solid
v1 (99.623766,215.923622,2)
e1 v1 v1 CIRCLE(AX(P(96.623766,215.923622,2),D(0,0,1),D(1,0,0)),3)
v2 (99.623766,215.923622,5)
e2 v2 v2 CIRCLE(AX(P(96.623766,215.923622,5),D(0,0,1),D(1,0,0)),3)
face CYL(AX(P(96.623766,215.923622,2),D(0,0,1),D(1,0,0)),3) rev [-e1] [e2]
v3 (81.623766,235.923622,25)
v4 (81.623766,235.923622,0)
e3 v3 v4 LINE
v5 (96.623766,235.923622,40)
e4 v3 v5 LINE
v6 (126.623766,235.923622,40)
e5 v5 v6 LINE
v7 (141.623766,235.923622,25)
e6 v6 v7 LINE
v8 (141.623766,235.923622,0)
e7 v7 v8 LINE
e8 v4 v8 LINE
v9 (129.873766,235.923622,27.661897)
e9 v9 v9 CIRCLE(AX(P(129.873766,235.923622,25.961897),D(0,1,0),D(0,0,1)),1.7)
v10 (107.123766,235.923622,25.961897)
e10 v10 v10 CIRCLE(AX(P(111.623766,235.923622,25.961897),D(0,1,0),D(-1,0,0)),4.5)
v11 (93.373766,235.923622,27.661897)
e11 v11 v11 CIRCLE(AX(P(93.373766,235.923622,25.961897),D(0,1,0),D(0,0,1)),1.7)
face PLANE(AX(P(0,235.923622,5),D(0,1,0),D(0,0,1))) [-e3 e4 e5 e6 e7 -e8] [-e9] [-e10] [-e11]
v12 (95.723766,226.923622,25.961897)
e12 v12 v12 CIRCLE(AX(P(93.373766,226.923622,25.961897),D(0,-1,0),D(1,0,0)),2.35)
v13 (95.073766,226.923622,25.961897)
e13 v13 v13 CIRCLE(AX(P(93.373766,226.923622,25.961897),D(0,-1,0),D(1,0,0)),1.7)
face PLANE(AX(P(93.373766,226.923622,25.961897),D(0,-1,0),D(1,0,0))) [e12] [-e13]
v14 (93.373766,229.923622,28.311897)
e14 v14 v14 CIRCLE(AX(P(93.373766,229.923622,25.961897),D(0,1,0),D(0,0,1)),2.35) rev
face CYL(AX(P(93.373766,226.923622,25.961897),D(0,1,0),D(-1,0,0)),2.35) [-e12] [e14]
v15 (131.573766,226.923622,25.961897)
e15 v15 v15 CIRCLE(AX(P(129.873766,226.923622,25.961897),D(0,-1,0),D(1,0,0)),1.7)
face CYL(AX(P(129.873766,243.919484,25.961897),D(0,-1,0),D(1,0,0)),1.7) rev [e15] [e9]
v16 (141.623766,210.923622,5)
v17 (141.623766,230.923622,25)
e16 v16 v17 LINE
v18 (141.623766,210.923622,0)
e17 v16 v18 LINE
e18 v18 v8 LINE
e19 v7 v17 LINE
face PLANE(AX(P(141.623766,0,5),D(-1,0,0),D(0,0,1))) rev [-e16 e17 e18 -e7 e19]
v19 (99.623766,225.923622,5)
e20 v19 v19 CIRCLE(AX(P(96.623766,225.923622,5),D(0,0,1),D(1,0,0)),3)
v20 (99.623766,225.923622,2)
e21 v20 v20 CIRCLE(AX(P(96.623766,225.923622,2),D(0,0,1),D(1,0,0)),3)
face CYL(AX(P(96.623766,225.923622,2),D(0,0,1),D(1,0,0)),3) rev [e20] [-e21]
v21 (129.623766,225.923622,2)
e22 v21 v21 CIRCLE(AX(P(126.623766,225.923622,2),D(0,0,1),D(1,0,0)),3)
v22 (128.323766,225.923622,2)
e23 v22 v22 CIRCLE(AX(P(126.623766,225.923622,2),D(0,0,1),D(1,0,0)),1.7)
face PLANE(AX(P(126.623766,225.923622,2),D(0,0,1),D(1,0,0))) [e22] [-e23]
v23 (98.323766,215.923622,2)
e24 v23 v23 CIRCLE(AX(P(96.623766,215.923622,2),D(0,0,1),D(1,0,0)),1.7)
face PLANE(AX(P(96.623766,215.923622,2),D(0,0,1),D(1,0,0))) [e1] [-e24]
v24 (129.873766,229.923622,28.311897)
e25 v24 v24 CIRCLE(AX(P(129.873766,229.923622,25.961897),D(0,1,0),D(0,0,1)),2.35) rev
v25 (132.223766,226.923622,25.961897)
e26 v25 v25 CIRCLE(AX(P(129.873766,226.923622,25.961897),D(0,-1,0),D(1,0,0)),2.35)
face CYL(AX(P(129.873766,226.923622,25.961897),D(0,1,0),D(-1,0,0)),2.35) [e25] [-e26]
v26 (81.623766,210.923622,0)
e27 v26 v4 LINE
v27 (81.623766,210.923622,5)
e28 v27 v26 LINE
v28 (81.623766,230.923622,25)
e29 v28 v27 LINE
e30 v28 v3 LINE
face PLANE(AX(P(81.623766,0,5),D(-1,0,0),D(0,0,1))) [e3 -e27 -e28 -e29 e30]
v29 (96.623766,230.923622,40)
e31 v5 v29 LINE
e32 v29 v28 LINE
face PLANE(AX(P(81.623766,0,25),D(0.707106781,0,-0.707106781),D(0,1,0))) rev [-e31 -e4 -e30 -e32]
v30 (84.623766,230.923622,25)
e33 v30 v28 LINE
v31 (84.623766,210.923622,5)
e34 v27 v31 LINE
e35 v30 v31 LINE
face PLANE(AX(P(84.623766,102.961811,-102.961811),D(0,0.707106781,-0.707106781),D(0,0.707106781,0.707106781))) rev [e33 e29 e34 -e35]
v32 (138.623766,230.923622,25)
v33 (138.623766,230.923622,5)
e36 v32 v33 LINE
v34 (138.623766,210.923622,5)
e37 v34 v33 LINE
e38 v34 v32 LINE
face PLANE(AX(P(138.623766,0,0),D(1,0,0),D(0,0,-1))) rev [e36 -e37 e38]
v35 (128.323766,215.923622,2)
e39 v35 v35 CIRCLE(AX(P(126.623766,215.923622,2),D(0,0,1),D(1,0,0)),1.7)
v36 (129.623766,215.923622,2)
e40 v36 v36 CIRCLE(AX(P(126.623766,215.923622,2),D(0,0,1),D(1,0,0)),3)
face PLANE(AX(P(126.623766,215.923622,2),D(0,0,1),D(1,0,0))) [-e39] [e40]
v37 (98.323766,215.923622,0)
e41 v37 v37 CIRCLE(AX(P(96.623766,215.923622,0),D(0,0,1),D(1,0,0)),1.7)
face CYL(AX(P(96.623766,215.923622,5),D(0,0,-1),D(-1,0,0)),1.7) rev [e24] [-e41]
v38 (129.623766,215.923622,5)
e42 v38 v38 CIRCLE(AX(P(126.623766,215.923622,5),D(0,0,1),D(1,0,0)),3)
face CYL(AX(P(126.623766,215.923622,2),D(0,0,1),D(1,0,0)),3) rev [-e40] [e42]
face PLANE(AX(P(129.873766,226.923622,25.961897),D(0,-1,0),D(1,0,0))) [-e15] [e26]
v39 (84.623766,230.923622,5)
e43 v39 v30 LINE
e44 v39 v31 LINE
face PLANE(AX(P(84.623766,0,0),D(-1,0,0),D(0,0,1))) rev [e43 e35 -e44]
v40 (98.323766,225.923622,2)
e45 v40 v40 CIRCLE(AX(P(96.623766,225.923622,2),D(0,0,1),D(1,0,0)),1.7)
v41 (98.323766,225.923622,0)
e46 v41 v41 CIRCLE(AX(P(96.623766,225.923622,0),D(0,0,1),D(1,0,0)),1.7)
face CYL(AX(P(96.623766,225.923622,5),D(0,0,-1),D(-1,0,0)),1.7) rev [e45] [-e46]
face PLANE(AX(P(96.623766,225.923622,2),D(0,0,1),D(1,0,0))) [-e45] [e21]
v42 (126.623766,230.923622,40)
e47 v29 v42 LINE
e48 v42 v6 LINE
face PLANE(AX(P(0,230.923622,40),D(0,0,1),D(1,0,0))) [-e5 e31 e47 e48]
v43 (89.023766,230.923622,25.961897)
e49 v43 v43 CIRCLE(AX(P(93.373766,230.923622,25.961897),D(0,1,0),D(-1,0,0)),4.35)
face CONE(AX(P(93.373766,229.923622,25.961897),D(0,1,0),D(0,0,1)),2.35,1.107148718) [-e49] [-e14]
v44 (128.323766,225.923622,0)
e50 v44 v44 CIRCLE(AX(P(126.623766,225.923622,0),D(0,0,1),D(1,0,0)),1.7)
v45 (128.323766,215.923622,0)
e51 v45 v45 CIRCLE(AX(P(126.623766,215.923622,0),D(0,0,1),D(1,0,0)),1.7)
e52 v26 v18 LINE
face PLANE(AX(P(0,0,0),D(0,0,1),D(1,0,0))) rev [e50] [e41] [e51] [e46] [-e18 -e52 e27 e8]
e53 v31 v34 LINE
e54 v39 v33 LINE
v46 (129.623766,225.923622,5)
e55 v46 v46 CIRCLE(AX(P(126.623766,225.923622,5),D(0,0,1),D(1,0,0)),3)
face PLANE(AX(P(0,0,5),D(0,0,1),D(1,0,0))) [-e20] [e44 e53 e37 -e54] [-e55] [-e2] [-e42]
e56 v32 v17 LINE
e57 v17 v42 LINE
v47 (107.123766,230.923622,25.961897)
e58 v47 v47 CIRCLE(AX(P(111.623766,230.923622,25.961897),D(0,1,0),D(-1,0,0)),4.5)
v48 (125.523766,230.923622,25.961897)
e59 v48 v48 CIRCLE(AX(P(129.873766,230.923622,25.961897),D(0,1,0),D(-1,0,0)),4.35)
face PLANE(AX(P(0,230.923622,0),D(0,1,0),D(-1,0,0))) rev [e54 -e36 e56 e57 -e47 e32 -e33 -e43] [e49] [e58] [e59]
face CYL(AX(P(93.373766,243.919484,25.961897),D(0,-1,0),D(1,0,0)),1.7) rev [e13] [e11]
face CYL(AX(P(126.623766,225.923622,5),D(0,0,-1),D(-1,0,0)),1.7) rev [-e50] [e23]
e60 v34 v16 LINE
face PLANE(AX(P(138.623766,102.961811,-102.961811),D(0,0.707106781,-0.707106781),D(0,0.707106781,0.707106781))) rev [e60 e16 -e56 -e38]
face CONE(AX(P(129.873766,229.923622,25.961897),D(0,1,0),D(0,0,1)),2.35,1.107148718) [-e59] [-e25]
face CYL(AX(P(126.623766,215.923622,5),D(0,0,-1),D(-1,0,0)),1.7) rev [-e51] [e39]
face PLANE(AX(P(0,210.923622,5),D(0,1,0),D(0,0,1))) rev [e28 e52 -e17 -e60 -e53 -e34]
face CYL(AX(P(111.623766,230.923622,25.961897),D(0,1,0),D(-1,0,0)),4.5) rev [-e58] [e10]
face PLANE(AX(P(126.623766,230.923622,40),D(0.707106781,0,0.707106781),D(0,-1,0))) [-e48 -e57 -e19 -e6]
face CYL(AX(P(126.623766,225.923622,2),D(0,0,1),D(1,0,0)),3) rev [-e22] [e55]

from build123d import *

# Parameters (mm, degrees)
SKETCH1_R             = 1.7
BOSS_EXTRUDE1_DEPTH   = 5
SKETCH3_W             = 60
SKETCH3_H             = 35
SKETCH3_R             = 4.5
SKETCH3_R_2           = 2.5
BOSS_EXTRUDE2_DEPTH   = 5
SKETCH4_R             = 3
CUT_EXTRUDE1_DEPTH    = 3
SKETCH11_R            = 2.35
SKETCH11_R_2          = 1.7
BOSS_EXTRUDE3_DEPTH   = 4
BOSS_EXTRUDE3_2_DEPTH = 4
SKETCH12_R            = 2.658625551
SKETCH12_R_2          = 1.7
SKETCH12_R_3          = 2.826964015
BOSS_EXTRUDE4_DEPTH   = 5
CHAMFER1_SIZE         = 15
BOSS_EXTRUDE5_DEPTH   = 3
BOSS_EXTRUDE6_DEPTH   = 3
CHAMFER2_SIZE         = 2
CHAMFER2_SIZE2        = 1


with BuildPart() as part:
    # Sketch1 → Boss-Extrude1 (new body)
    # profile 1 of 4: a face of its own
    with BuildSketch(Plane.XY):
        Polygon((111.623766163, 210.92362241), (111.623766163, 235.92362241), (96.623766163, 235.92362241), (91.623766163, 235.92362241), (91.623766163, 225.92362241), (91.623766163, 215.92362241), (91.623766163, 210.92362241), (96.623766163, 210.92362241), align=None)
        with Locations((96.623766163, 215.92362241)):
            Circle(SKETCH1_R, mode=Mode.SUBTRACT)
        with Locations((96.623766163, 225.92362241)):
            Circle(SKETCH1_R, mode=Mode.SUBTRACT)
    # profile 2 of 4: a face of its own
    with BuildSketch(Plane.XY):
        Polygon((126.623766163, 235.92362241), (111.623766163, 235.92362241), (111.623766163, 210.92362241), (126.623766163, 210.92362241), (131.623766163, 210.92362241), (131.623766163, 215.92362241), (131.623766163, 225.92362241), (131.623766163, 235.92362241), align=None)
        with Locations((126.623766163, 215.92362241)):
            Circle(SKETCH1_R, mode=Mode.SUBTRACT)
        with Locations((126.623766163, 225.92362241)):
            Circle(SKETCH1_R, mode=Mode.SUBTRACT)
    # profile 3 of 4: a face of its own
    with BuildSketch(Plane.XY):
        Polygon((91.623766163, 225.92362241), (91.623766163, 235.92362241), (81.623766163, 235.92362241), (81.623766163, 210.92362241), (91.623766163, 210.92362241), (91.623766163, 215.92362241), align=None)
    # profile 4 of 4: a face of its own
    with BuildSketch(Plane.XY):
        Polygon((141.623766163, 235.92362241), (131.623766163, 235.92362241), (131.623766163, 225.92362241), (131.623766163, 215.92362241), (131.623766163, 210.92362241), (141.623766163, 210.92362241), align=None)
    extrude(amount=BOSS_EXTRUDE1_DEPTH)

    # Sketch3 → Boss-Extrude2 (add)
    with BuildSketch(Plane(origin=(0, 235.92362241, 0), x_dir=(1, 0, 0), z_dir=(0, 1, 0))):
        with Locations((111.623766163, -22.5)):
            Rectangle(SKETCH3_W, SKETCH3_H)
        with Locations(Location((111.623766163, -25.961896785, 0), (0, 0, 180))):
            Circle(SKETCH3_R, mode=Mode.SUBTRACT)
        with Locations(Location((129.873766163, -25.961896785, 0), (0, 0, 180))):
            Circle(SKETCH3_R_2, mode=Mode.SUBTRACT)
        with Locations(Location((93.373766163, -25.961896785, 0), (0, 0, 180))):
            Circle(SKETCH3_R_2, mode=Mode.SUBTRACT)
    extrude(amount=-BOSS_EXTRUDE2_DEPTH)

    # Sketch4 → Cut-Extrude1 (cut)
    with BuildSketch(Plane.XY.offset(5)):
        with Locations((126.623766163, 215.92362241)):
            Circle(SKETCH4_R)
        with Locations((126.623766163, 225.92362241)):
            Circle(SKETCH4_R)
        with Locations((96.623766163, 225.92362241)):
            Circle(SKETCH4_R)
        with Locations((96.623766163, 215.92362241)):
            Circle(SKETCH4_R)
    extrude(amount=-CUT_EXTRUDE1_DEPTH, mode=Mode.SUBTRACT)



with BuildPart() as body_2:
    # Sketch11 → Boss-Extrude3 (new body)
    with BuildSketch(Plane.XZ.offset(-230.92362241)):
        with Locations((129.873766163, 25.961896785)):
            Circle(SKETCH11_R)
        with Locations((129.873766163, 25.961896785)):
            Circle(SKETCH11_R_2, mode=Mode.SUBTRACT)
    extrude(amount=BOSS_EXTRUDE3_DEPTH)


with BuildPart() as body_3:
    # Sketch11 → Boss-Extrude3 2 (new body)
    with BuildSketch(Plane.XZ.offset(-230.92362241)):
        with Locations((93.373766163, 25.961896785)):
            Circle(SKETCH11_R)
        with Locations((93.373766163, 25.961896785)):
            Circle(SKETCH11_R_2, mode=Mode.SUBTRACT)
    extrude(amount=BOSS_EXTRUDE3_2_DEPTH)


with BuildPart() as part_1:
    add(part.part)

    add(body_2.part)  # Boss-Extrude4 merges body 2

    add(body_3.part)  # Boss-Extrude4 merges body 3
    # Sketch12 → Boss-Extrude4 (add)
    # profile 1 of 2: a face of its own
    with BuildSketch(Plane(origin=(0, 230.92362241, 0), x_dir=(1, 0, 0), z_dir=(0, 1, 0))):
        with Locations((129.873766163, -25.961896785)):
            Circle(SKETCH12_R)
        with Locations((129.873766163, -25.961896785)):
            Circle(SKETCH12_R_2, mode=Mode.SUBTRACT)
    # profile 2 of 2: a face of its own
    with BuildSketch(Plane(origin=(0, 230.92362241, 0), x_dir=(1, 0, 0), z_dir=(0, 1, 0))):
        with Locations((93.373766163, -25.961896785)):
            Circle(SKETCH12_R_3)
        with Locations((93.373766163, -25.961896785)):
            Circle(SKETCH12_R_2, mode=Mode.SUBTRACT)
    extrude(amount=BOSS_EXTRUDE4_DEPTH)

    # Chamfer1
    chamfer1_edges = [part_1.edges().sort_by_distance(p)[0] for p in [
        (141.623766163, 233.42362241, 40),
        (81.623766163, 233.42362241, 40),
    ]]
    chamfer(chamfer1_edges, length=CHAMFER1_SIZE)

    # Sketch13 → Boss-Extrude5 (add)
    with BuildSketch(Plane.ZY.offset(-81.623766163)):
        Polygon((25, 230.92362241), (5, 210.92362241), (5, 230.92362241), align=None)
        Polygon((5, 210.92362241), (5, 230.92362241), (25, 230.92362241), (25, 235.92362241), (0, 235.92362241), (0, 210.92362241), align=None)
    extrude(amount=-BOSS_EXTRUDE5_DEPTH)

    # Sketch14 → Boss-Extrude6 (add)
    with BuildSketch(Plane(origin=(141.623766163, 0, 0), x_dir=(0, 0, -1), z_dir=(1, 0, 0))):
        Polygon((-5, 210.92362241), (-25, 230.92362241), (-5, 230.92362241), align=None)
        Polygon((0, 210.92362241), (0, 235.92362241), (-25, 235.92362241), (-25, 230.92362241), (-5, 230.92362241), (-5, 210.92362241), align=None)
    extrude(amount=-BOSS_EXTRUDE6_DEPTH)

    # Chamfer2
    chamfer2_edges = [part_1.edges().sort_by_distance(p)[0] for p in [
        (91.023766163, 230.92362241, 25.961896785),
        (127.523766163, 230.92362241, 25.961896785),
    ]]
    chamfer2_side = [part_1.faces().sort_by_distance(p)[0] for p in [
        (111.623766163, 230.92362241, 21.140138657),
    ]]
    chamfer(chamfer2_edges, length=CHAMFER2_SIZE, length2=CHAMFER2_SIZE2, reference=chamfer2_side[0])


solid = part_1.part
